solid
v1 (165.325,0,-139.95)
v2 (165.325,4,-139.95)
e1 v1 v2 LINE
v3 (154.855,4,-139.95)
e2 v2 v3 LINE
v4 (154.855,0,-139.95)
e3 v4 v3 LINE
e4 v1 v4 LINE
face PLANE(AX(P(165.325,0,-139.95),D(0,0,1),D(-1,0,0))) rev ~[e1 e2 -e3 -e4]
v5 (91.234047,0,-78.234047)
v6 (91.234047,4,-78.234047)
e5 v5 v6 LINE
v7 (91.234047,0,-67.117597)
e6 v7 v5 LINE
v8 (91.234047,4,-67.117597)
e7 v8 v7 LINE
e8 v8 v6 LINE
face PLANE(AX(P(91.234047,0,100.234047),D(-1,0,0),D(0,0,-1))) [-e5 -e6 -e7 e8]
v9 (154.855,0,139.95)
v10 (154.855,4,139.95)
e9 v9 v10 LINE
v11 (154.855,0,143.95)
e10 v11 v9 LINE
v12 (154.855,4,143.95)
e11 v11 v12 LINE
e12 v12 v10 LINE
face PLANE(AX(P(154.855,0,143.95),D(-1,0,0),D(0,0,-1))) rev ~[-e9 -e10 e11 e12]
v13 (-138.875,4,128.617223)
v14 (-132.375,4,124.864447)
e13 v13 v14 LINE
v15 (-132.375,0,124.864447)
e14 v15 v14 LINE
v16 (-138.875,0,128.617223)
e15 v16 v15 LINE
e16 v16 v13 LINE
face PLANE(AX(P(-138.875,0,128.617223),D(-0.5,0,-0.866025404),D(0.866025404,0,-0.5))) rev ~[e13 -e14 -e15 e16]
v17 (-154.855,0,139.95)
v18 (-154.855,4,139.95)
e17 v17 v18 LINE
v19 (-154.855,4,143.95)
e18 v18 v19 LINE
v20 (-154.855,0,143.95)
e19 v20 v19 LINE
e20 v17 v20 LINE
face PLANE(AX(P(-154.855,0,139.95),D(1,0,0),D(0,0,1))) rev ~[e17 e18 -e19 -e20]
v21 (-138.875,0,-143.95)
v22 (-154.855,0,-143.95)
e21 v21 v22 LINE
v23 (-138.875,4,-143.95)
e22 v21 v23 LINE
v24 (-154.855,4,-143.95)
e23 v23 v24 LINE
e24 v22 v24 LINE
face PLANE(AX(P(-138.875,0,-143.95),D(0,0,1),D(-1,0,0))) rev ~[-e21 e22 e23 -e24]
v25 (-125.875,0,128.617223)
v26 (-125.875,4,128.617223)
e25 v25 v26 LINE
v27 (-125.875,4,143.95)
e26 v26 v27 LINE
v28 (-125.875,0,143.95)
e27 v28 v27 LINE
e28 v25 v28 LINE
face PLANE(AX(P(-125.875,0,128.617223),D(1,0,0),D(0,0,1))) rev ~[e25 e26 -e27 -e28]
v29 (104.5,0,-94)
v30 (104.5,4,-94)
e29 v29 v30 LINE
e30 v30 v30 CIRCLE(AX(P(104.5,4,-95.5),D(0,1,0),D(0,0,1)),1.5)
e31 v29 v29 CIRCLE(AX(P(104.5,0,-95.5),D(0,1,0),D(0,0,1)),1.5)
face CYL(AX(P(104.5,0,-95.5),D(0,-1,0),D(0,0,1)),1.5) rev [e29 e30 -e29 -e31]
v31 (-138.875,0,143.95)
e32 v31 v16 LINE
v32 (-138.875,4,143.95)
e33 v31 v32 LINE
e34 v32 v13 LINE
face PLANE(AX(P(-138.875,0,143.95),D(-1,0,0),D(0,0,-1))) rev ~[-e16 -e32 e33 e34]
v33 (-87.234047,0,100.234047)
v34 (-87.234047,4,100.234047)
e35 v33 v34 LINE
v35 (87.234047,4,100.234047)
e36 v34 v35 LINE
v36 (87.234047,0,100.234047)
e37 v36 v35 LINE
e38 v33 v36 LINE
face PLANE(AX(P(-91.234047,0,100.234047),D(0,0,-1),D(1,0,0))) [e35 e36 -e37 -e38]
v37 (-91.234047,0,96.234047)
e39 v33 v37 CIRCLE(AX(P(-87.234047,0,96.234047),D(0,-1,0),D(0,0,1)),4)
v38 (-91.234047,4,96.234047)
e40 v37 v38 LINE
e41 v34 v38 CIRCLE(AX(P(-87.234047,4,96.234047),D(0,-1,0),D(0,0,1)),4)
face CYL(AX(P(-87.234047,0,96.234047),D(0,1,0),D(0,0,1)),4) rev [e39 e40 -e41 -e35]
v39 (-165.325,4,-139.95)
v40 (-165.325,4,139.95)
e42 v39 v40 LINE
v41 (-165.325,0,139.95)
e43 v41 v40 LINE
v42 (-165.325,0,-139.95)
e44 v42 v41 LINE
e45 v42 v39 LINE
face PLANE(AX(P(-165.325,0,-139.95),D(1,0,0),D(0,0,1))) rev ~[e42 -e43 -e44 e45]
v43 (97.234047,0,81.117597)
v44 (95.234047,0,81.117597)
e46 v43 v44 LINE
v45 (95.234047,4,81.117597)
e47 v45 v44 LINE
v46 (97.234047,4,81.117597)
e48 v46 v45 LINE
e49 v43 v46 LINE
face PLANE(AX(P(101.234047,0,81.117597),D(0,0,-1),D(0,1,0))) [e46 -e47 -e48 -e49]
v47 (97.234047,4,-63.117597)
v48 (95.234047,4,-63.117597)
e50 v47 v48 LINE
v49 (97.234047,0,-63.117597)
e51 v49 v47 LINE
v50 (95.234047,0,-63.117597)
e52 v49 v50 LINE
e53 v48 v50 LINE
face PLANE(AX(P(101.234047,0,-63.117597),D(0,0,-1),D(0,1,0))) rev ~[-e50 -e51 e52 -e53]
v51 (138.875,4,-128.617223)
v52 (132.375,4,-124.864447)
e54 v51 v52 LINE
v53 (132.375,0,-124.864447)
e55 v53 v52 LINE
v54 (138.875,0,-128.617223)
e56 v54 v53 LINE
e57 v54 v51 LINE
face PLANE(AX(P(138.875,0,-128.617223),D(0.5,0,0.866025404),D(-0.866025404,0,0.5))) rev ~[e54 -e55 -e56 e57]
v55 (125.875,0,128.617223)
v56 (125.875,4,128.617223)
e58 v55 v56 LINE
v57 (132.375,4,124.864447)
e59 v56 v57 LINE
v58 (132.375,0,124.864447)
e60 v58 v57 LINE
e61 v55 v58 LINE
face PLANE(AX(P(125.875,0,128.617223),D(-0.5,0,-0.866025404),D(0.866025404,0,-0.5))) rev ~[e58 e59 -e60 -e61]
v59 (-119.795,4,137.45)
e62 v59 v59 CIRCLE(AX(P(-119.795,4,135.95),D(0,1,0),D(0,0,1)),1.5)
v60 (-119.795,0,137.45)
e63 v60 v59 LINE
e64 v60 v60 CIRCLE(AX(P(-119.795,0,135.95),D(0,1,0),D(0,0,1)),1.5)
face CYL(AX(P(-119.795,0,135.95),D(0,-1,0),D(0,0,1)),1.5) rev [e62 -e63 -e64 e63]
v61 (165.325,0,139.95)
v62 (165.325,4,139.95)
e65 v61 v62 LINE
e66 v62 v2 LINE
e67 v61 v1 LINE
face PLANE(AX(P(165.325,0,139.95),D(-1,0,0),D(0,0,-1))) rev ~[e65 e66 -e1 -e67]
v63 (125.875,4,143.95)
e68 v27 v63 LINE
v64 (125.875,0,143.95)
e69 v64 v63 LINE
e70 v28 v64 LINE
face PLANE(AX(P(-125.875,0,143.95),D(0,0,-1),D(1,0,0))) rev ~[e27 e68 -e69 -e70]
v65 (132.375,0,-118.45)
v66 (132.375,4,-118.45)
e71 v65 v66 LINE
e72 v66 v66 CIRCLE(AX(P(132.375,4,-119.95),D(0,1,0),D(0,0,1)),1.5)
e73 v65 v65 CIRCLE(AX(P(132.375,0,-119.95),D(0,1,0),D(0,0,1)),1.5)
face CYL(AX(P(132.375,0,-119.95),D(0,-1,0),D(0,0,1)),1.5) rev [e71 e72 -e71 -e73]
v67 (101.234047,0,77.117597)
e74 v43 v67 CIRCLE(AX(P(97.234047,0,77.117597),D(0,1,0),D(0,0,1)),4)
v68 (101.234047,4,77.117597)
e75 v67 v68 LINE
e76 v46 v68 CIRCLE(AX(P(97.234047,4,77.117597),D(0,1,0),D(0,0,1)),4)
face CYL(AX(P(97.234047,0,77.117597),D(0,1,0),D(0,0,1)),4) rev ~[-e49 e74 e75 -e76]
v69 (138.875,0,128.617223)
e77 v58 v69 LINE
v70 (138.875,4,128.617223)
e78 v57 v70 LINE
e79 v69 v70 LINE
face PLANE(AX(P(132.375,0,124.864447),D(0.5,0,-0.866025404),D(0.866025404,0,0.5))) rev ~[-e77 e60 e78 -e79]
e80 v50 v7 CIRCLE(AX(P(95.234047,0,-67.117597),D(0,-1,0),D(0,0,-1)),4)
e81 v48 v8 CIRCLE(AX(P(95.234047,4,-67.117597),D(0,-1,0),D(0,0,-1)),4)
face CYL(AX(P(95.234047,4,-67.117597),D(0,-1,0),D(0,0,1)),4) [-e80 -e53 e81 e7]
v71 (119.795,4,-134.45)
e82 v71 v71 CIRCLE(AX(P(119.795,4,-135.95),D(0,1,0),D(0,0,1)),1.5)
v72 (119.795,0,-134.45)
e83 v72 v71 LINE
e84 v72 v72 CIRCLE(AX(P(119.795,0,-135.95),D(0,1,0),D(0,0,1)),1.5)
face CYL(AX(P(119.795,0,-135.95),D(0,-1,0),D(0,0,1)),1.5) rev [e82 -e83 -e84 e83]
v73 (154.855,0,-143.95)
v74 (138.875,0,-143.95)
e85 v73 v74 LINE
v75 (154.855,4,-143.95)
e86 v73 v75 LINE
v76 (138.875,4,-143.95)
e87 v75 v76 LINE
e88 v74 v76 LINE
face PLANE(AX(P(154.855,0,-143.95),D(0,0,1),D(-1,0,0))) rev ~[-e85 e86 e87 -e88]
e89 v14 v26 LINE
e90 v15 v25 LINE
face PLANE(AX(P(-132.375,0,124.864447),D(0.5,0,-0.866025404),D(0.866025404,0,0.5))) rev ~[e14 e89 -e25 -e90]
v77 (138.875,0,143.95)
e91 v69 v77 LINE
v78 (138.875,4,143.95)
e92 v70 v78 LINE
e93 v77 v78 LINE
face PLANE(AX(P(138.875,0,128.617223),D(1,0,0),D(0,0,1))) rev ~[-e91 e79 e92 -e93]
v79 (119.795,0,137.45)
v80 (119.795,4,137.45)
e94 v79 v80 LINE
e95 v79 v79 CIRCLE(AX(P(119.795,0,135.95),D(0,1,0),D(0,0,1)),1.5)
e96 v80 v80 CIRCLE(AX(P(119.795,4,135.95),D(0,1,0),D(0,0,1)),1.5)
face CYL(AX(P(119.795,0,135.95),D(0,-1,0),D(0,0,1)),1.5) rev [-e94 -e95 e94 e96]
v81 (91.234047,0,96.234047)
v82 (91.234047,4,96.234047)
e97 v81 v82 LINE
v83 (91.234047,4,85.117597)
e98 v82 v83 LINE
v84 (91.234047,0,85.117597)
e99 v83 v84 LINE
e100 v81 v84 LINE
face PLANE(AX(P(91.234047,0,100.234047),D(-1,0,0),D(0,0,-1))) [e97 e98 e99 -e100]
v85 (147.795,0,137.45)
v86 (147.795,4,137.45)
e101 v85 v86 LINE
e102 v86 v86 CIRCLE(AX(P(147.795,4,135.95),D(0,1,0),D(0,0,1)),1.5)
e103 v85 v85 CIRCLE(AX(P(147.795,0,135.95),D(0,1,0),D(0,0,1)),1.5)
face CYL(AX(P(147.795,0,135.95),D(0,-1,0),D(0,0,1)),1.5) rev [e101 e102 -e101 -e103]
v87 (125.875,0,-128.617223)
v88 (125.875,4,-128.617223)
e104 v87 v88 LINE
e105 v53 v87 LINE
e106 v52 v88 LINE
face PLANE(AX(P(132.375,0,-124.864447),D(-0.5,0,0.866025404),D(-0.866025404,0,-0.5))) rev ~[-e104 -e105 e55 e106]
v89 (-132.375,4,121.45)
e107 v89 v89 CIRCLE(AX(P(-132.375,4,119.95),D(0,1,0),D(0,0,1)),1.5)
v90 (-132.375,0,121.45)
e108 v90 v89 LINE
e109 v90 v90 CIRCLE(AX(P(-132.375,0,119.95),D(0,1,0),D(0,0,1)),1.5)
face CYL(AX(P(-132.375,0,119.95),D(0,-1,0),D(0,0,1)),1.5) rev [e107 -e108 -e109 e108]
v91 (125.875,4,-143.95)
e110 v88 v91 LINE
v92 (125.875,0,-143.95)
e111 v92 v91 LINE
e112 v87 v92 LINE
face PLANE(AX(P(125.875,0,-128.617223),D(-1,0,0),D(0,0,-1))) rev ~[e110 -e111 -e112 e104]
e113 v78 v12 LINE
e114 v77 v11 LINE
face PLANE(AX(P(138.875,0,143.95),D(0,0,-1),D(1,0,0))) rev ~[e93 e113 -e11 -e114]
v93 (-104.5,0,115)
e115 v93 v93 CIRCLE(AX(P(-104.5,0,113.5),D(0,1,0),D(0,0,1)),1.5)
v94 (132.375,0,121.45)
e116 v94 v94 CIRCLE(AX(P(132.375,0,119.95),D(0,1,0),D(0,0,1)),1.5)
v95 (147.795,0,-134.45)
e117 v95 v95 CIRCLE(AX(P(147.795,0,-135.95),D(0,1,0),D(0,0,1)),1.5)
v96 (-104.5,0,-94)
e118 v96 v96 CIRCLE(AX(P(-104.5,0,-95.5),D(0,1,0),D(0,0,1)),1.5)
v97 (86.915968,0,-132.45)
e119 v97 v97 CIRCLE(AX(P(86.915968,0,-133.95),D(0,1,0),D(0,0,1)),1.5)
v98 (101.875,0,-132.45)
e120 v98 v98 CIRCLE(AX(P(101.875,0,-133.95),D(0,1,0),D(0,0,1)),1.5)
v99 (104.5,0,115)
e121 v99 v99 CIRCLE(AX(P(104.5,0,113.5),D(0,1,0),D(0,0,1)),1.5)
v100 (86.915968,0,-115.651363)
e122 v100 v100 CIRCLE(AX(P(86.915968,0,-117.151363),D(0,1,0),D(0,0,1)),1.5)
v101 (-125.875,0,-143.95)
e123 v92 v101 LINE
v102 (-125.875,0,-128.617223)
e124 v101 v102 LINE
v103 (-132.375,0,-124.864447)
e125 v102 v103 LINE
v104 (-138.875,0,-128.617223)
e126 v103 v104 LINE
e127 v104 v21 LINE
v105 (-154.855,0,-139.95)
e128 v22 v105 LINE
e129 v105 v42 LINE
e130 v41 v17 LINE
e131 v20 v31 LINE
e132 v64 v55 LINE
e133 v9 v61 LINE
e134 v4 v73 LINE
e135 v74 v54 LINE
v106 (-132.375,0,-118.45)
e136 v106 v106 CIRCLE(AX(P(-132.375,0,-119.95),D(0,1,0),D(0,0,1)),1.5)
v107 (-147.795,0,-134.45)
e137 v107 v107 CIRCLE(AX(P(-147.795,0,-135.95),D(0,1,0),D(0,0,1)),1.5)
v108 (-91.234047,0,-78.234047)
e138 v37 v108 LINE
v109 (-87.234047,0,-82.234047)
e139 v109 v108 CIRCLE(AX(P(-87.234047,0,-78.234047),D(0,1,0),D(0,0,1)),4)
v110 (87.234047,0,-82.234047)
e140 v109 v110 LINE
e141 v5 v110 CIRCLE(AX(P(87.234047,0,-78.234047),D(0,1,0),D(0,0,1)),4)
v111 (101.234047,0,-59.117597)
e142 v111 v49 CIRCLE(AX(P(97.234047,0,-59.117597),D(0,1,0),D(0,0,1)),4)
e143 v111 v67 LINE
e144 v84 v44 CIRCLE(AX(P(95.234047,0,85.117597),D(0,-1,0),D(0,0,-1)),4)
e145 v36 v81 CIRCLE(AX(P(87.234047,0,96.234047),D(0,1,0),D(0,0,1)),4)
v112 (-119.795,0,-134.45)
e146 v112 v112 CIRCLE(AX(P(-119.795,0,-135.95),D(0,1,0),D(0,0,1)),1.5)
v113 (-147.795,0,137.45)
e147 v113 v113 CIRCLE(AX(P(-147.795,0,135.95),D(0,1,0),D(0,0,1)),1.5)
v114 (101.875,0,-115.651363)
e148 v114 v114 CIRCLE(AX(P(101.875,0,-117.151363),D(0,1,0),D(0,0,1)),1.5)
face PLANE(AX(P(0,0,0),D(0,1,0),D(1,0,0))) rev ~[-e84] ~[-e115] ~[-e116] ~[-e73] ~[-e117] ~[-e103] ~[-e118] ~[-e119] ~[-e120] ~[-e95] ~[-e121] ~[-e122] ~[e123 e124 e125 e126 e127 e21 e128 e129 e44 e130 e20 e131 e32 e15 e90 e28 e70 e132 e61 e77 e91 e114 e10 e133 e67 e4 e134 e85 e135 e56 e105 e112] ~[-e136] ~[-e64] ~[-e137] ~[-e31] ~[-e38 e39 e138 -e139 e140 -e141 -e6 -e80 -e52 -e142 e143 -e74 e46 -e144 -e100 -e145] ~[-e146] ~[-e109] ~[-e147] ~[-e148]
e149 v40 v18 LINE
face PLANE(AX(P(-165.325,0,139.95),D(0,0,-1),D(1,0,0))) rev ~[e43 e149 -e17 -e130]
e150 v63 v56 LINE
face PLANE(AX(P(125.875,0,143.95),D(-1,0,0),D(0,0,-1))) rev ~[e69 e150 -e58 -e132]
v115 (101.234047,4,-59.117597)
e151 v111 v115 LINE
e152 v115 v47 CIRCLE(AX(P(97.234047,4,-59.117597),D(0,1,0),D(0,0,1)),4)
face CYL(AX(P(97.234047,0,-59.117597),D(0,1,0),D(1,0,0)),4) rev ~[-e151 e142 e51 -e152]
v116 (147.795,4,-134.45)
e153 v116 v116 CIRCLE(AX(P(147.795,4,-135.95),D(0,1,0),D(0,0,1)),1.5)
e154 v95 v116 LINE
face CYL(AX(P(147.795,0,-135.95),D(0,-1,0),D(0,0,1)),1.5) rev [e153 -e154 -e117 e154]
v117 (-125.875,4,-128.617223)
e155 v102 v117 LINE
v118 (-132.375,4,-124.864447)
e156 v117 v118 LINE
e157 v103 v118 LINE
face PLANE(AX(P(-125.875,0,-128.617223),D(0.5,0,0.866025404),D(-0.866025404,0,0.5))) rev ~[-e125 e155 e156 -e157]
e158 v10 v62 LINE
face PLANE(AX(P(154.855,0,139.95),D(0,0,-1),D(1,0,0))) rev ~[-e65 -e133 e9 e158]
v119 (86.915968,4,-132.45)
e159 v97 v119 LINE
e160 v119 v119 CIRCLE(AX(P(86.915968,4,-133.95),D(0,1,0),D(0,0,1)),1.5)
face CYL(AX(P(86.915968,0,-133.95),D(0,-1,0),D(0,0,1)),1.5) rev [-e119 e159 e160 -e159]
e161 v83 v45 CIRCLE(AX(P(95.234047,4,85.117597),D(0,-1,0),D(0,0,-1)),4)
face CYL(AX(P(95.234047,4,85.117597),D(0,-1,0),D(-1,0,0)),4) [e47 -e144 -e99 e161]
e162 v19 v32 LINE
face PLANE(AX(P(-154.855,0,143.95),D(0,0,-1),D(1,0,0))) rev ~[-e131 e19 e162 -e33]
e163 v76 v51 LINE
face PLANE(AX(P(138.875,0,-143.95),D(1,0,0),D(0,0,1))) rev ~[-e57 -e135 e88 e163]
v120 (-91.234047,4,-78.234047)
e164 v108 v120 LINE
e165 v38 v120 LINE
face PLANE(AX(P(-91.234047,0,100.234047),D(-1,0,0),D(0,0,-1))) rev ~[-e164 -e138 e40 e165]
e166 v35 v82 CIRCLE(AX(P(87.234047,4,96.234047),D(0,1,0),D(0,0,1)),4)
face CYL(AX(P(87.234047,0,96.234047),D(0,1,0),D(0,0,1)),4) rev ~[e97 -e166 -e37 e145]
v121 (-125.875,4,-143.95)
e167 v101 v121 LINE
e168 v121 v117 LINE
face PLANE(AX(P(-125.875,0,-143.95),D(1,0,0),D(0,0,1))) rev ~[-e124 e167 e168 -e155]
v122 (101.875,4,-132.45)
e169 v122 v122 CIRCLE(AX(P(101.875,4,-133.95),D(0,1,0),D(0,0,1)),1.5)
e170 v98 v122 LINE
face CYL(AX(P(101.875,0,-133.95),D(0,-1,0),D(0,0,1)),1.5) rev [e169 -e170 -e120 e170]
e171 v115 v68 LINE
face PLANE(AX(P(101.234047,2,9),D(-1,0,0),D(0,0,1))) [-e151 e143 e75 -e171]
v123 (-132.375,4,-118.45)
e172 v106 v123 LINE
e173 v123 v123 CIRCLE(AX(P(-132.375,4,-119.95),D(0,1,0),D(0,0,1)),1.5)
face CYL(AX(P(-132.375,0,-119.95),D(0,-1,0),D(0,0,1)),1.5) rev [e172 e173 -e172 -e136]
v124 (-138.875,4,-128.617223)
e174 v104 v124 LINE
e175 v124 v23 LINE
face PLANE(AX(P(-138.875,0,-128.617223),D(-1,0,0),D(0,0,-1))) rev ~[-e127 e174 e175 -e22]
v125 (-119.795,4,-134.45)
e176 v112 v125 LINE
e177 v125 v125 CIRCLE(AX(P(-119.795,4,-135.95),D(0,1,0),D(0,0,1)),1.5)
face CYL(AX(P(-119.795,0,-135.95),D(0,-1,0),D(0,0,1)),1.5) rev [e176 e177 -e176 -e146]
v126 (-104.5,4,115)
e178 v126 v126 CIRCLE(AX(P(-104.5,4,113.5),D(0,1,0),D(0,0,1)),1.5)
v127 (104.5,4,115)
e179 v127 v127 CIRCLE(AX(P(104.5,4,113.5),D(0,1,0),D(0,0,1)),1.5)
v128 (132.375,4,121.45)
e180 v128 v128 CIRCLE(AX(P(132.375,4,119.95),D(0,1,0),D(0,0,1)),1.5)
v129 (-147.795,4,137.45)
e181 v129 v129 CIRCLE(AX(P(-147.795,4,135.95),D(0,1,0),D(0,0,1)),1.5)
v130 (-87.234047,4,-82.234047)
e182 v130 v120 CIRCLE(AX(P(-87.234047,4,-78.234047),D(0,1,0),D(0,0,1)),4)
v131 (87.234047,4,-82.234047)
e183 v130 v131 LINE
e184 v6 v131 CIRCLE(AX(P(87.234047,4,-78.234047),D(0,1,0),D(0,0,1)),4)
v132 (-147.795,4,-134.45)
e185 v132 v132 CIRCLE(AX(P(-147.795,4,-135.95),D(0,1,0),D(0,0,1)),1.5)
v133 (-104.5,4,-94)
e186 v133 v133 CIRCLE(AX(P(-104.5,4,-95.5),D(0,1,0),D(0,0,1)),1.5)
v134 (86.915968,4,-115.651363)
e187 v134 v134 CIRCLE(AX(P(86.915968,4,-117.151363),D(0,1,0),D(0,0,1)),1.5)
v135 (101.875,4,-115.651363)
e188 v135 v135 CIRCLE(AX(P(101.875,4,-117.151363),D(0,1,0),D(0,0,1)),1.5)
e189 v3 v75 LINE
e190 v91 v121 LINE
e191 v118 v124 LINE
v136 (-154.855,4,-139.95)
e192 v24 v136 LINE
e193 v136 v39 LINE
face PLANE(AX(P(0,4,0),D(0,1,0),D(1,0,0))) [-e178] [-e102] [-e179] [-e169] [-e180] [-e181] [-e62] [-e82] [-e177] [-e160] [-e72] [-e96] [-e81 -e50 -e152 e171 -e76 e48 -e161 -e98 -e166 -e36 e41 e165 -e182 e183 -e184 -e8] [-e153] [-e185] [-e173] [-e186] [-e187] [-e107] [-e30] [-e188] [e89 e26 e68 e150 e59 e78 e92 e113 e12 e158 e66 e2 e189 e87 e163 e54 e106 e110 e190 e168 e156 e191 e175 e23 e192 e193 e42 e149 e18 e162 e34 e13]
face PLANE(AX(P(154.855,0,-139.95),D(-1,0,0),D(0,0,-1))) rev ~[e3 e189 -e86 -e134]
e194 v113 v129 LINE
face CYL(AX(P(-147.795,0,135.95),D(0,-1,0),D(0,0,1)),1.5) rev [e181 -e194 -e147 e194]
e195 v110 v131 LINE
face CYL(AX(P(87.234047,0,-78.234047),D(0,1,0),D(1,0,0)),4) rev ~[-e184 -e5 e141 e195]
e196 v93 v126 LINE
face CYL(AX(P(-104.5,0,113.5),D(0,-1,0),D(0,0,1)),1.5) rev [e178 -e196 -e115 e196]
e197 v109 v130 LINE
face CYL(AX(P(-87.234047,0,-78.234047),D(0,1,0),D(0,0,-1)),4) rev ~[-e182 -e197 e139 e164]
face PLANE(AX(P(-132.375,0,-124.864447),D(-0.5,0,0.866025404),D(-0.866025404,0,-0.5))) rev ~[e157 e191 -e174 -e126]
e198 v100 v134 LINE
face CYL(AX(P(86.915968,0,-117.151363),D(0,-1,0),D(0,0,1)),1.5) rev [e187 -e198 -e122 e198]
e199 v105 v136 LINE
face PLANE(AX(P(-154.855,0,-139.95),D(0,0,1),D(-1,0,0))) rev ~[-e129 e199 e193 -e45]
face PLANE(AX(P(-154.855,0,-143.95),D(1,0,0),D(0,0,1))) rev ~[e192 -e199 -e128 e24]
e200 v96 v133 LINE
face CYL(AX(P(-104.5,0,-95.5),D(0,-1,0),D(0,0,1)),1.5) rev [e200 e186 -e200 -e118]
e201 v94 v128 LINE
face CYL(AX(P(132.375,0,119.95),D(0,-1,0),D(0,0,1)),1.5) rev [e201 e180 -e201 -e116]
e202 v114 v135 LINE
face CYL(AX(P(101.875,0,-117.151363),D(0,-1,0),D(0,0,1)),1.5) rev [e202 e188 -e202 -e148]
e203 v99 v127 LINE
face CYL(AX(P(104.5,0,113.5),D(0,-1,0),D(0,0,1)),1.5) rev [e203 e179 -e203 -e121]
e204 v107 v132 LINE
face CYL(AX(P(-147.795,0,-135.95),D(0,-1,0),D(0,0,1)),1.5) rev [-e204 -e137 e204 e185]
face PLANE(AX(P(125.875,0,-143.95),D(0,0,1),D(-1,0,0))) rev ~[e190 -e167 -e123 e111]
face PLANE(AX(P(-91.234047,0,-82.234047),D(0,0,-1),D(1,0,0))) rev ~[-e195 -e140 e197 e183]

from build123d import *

# Parameters (mm, degrees)
SKETCH1_R               = 1.5
SKETCH1_W               = 182.468094358
SKETCH1_H               = 182.468094358
BOSS_EXTRUDE1_DEPTH     = 4
CUT_EXTRUDE1_DEPTH      = 10
CUT_EXTRUDE1_DEPTH_BACK = 10
SKETCH7_W               = 144.235193926
SKETCH7_H               = 4
FILLET1_R               = 4


with BuildPart() as part:
    # Sketch1 → Boss-Extrude1 (new body)
    with BuildSketch(Plane(origin=(0, 0, 0), x_dir=(1, 0, 0), z_dir=(0, 1, 0))):
        Polygon((154.855, -139.95), (165.325, -139.95), (165.325, 139.95), (154.855, 139.95), (154.855, 143.95), (138.875, 143.95), (138.875, 128.61722325), (132.375, 124.864446501), (125.875, 128.61722325), (125.875, 143.95), (-125.875, 143.95), (-125.875, 128.61722325), (-132.375, 124.864446501), (-138.875, 128.61722325), (-138.875, 143.95), (-154.855, 143.95), (-154.855, 139.95), (-165.325, 139.95), (-165.325, -139.95), (-154.855, -139.95), (-154.855, -143.95), (-138.875, -143.95), (-138.875, -128.61722325), (-132.375, -124.864446501), (-125.875, -128.61722325), (-125.875, -143.95), (125.875, -143.95), (125.875, -128.61722325), (132.375, -124.864446501), (138.875, -128.61722325), (138.875, -143.95), (154.855, -143.95), align=None)
        with Locations((-147.795, -135.95)):
            Circle(SKETCH1_R, mode=Mode.SUBTRACT)
        with Locations((-132.375, -119.95)):
            Circle(SKETCH1_R, mode=Mode.SUBTRACT)
        with Locations((-119.795, -135.95)):
            Circle(SKETCH1_R, mode=Mode.SUBTRACT)
        with Locations((-104.5, -113.5)):
            Circle(SKETCH1_R, mode=Mode.SUBTRACT)
        with Locations((0, -9)):
            Rectangle(SKETCH1_W, SKETCH1_H, mode=Mode.SUBTRACT)
        with Locations((119.795, -135.95)):
            Circle(SKETCH1_R, mode=Mode.SUBTRACT)
        with Locations((104.5, -113.5)):
            Circle(SKETCH1_R, mode=Mode.SUBTRACT)
        with Locations((147.795, -135.95)):
            Circle(SKETCH1_R, mode=Mode.SUBTRACT)
        with Locations((132.375, -119.95)):
            Circle(SKETCH1_R, mode=Mode.SUBTRACT)
        with Locations((-104.5, 95.5)):
            Circle(SKETCH1_R, mode=Mode.SUBTRACT)
        with Locations((-132.375, 119.95)):
            Circle(SKETCH1_R, mode=Mode.SUBTRACT)
        with Locations((-147.795, 135.95)):
            Circle(SKETCH1_R, mode=Mode.SUBTRACT)
        with Locations((-119.795, 135.95)):
            Circle(SKETCH1_R, mode=Mode.SUBTRACT)
        with Locations((104.5, 95.5)):
            Circle(SKETCH1_R, mode=Mode.SUBTRACT)
        with Locations((86.915968312, 117.1513625)):
            Circle(SKETCH1_R, mode=Mode.SUBTRACT)
        with Locations((101.875, 117.1513625)):
            Circle(SKETCH1_R, mode=Mode.SUBTRACT)
        with Locations((86.915968312, 133.95)):
            Circle(SKETCH1_R, mode=Mode.SUBTRACT)
        with Locations((101.875, 133.95)):
            Circle(SKETCH1_R, mode=Mode.SUBTRACT)
        with Locations((119.795, 135.95)):
            Circle(SKETCH1_R, mode=Mode.SUBTRACT)
        with Locations((132.375, 119.95)):
            Circle(SKETCH1_R, mode=Mode.SUBTRACT)
        with Locations((147.795, 135.95)):
            Circle(SKETCH1_R, mode=Mode.SUBTRACT)
    extrude(amount=BOSS_EXTRUDE1_DEPTH)

    # Sketch7 → Cut-Extrude1 (cut, two sides: drawn at the far end of the back side and taken through both)
    with BuildSketch(Plane.ZY.offset(-91.234047179).offset(-CUT_EXTRUDE1_DEPTH_BACK)):
        with Locations((9, 2)):
            Rectangle(SKETCH7_W, SKETCH7_H)
    extrude(amount=CUT_EXTRUDE1_DEPTH + CUT_EXTRUDE1_DEPTH_BACK, mode=Mode.SUBTRACT)

    # Fillet1
    fillet1_edges = [part.edges().sort_by_distance(p)[0] for p in [
        (101.234047179, 2, -63.117596963),
        (101.234047179, 2, 81.117596963),
        (91.234047179, 2, 100.234047179),
        (-91.234047179, 2, 100.234047179),
        (-91.234047179, 2, -82.234047179),
        (91.234047179, 2, -82.234047179),
        (91.234047179, 2, -63.117596963),
        (91.234047179, 2, 81.117596963),
    ]]
    fillet(fillet1_edges, radius=FILLET1_R)


solid = part.part
